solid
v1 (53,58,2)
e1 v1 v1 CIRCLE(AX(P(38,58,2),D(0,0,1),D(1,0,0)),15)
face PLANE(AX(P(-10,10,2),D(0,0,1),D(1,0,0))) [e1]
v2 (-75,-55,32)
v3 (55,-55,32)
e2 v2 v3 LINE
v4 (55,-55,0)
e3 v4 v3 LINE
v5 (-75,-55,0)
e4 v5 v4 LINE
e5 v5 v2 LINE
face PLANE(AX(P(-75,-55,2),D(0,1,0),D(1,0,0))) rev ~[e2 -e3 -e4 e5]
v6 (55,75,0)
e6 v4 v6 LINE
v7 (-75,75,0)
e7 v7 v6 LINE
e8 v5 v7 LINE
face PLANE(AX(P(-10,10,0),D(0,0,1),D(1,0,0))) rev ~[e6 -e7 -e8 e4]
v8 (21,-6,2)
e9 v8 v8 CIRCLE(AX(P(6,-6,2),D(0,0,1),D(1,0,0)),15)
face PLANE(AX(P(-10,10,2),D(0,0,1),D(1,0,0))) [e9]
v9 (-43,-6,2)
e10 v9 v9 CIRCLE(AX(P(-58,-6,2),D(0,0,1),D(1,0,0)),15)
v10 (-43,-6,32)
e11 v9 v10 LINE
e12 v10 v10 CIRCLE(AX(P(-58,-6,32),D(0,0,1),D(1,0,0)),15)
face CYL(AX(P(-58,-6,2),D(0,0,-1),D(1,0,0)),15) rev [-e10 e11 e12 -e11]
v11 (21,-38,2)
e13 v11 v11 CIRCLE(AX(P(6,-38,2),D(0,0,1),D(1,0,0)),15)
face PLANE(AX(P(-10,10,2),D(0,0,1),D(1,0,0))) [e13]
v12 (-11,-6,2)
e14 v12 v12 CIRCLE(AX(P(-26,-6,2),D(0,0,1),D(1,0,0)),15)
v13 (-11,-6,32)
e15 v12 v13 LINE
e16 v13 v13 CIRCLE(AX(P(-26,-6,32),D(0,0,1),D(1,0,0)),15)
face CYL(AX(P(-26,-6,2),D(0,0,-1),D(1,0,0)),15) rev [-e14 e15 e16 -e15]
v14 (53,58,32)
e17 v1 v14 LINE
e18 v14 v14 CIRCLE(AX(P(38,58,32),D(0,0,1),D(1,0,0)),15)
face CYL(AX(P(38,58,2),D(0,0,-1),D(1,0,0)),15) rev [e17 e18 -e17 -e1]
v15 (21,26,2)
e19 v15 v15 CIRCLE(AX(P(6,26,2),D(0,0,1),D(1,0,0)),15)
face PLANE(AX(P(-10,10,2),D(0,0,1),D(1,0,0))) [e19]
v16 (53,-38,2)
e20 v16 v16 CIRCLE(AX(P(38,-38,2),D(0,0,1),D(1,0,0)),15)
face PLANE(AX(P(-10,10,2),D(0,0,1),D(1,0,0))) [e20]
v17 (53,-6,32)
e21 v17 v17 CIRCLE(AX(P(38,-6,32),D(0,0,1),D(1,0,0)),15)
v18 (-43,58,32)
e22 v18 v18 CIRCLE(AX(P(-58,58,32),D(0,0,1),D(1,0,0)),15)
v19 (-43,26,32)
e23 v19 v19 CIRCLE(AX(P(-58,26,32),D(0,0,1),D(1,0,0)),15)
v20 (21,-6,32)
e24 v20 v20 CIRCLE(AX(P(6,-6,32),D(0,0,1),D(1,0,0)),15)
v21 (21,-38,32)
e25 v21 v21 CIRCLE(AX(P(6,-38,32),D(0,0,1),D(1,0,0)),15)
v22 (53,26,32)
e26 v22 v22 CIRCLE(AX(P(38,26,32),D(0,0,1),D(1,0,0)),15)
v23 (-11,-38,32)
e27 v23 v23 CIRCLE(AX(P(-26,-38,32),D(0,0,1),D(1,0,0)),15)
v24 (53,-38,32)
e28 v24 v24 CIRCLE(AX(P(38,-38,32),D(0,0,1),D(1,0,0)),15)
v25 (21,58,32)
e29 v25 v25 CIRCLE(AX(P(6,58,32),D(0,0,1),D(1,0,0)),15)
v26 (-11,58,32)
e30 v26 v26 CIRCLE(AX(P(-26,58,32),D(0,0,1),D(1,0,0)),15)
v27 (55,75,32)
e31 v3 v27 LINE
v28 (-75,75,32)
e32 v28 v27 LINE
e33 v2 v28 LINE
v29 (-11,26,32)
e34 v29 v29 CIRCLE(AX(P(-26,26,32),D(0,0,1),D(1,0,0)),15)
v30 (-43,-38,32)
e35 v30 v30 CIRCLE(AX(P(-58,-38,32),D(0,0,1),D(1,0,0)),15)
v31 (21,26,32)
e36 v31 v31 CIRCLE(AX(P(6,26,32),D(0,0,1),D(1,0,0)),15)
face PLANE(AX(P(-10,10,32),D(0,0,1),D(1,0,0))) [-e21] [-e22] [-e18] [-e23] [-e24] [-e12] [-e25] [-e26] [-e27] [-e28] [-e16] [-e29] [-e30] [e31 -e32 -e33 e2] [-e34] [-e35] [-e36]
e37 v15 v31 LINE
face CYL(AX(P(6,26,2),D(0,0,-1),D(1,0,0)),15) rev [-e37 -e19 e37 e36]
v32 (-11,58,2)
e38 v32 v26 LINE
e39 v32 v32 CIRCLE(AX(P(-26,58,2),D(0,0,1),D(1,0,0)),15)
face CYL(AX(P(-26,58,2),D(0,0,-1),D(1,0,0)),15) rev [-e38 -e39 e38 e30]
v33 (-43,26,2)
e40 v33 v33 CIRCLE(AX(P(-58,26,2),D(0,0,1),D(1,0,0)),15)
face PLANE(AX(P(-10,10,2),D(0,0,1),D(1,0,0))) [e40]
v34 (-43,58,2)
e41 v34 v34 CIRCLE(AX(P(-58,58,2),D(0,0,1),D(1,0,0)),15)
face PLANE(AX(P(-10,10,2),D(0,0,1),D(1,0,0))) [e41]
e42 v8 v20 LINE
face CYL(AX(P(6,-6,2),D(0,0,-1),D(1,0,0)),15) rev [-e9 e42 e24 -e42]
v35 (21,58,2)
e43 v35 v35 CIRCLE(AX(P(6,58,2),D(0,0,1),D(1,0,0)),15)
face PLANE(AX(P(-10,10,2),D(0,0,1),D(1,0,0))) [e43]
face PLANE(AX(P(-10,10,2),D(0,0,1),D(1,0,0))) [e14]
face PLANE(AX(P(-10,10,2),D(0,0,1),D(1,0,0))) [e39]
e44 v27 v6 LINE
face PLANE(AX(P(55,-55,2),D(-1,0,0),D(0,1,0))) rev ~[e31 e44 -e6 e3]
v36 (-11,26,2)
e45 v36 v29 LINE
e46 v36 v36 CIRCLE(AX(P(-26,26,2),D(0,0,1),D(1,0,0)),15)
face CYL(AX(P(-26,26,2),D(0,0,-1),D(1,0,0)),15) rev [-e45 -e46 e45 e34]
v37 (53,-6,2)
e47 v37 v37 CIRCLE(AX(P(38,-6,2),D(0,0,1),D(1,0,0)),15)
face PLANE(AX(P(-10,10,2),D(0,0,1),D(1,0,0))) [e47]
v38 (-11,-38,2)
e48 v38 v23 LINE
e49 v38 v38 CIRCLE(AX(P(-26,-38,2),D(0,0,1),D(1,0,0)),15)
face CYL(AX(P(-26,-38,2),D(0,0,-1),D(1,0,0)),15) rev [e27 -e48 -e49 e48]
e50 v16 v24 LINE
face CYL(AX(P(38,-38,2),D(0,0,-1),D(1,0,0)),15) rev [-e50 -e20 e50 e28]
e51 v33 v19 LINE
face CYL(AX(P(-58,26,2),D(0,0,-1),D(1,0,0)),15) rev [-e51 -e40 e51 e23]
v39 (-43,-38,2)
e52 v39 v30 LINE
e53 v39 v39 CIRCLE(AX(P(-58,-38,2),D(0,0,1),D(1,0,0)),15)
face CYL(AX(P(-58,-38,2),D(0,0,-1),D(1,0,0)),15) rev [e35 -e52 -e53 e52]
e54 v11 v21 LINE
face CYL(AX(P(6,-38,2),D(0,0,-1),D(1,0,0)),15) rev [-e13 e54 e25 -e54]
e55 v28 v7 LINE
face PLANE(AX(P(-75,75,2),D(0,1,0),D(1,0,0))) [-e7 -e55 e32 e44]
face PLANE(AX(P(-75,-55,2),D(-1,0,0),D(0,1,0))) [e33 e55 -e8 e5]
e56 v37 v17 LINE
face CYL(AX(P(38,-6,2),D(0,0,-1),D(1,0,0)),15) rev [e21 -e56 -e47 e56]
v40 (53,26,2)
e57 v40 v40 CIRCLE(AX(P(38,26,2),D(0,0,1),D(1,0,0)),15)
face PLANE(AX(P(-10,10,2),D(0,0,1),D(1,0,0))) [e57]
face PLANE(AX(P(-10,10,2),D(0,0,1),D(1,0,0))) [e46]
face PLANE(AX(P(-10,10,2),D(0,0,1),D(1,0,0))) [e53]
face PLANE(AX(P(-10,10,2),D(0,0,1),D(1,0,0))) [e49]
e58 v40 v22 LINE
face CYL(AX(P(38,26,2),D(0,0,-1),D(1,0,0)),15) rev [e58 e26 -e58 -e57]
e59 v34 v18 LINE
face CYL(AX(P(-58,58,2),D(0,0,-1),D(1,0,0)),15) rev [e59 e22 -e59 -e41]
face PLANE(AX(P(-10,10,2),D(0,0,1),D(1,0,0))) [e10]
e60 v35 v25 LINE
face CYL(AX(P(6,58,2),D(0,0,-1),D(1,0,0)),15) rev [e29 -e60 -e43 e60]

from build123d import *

# Parameters (mm, degrees)
F0_W     = 130
F0_H     = 130
F1_DEPTH = 2
F2_W     = 130
F2_H     = 130
F2_R     = 15
F3_DEPTH = 30


with BuildPart() as f1:
    # F0 (on Top) → F1 (new body)
    with BuildSketch(Plane.XY):
        with Locations((-10, 10)):
            Rectangle(F0_W, F0_H)
    extrude(amount=F1_DEPTH)

    # F2 (on face) → F3 (join)
    with BuildSketch(Plane.XY.offset(2)):
        with Locations((-10, 10)):
            Rectangle(F2_W, F2_H)
        with Locations((-58, -38)):
            Circle(F2_R, mode=Mode.SUBTRACT)
        with Locations((-26, -38)):
            Circle(F2_R, mode=Mode.SUBTRACT)
        with Locations((-58, -6)):
            Circle(F2_R, mode=Mode.SUBTRACT)
        with Locations((-26, -6)):
            Circle(F2_R, mode=Mode.SUBTRACT)
        with Locations((6, -38)):
            Circle(F2_R, mode=Mode.SUBTRACT)
        with Locations((38, -38)):
            Circle(F2_R, mode=Mode.SUBTRACT)
        with Locations((6, -6)):
            Circle(F2_R, mode=Mode.SUBTRACT)
        with Locations((38, -6)):
            Circle(F2_R, mode=Mode.SUBTRACT)
        with Locations((-58, 26)):
            Circle(F2_R, mode=Mode.SUBTRACT)
        with Locations((-26, 26)):
            Circle(F2_R, mode=Mode.SUBTRACT)
        with Locations((-58, 58)):
            Circle(F2_R, mode=Mode.SUBTRACT)
        with Locations((-26, 58)):
            Circle(F2_R, mode=Mode.SUBTRACT)
        with Locations((6, 26)):
            Circle(F2_R, mode=Mode.SUBTRACT)
        with Locations((38, 26)):
            Circle(F2_R, mode=Mode.SUBTRACT)
        with Locations((6, 58)):
            Circle(F2_R, mode=Mode.SUBTRACT)
        with Locations((38, 58)):
            Circle(F2_R, mode=Mode.SUBTRACT)
    extrude(amount=F3_DEPTH)


solid = f1.part
